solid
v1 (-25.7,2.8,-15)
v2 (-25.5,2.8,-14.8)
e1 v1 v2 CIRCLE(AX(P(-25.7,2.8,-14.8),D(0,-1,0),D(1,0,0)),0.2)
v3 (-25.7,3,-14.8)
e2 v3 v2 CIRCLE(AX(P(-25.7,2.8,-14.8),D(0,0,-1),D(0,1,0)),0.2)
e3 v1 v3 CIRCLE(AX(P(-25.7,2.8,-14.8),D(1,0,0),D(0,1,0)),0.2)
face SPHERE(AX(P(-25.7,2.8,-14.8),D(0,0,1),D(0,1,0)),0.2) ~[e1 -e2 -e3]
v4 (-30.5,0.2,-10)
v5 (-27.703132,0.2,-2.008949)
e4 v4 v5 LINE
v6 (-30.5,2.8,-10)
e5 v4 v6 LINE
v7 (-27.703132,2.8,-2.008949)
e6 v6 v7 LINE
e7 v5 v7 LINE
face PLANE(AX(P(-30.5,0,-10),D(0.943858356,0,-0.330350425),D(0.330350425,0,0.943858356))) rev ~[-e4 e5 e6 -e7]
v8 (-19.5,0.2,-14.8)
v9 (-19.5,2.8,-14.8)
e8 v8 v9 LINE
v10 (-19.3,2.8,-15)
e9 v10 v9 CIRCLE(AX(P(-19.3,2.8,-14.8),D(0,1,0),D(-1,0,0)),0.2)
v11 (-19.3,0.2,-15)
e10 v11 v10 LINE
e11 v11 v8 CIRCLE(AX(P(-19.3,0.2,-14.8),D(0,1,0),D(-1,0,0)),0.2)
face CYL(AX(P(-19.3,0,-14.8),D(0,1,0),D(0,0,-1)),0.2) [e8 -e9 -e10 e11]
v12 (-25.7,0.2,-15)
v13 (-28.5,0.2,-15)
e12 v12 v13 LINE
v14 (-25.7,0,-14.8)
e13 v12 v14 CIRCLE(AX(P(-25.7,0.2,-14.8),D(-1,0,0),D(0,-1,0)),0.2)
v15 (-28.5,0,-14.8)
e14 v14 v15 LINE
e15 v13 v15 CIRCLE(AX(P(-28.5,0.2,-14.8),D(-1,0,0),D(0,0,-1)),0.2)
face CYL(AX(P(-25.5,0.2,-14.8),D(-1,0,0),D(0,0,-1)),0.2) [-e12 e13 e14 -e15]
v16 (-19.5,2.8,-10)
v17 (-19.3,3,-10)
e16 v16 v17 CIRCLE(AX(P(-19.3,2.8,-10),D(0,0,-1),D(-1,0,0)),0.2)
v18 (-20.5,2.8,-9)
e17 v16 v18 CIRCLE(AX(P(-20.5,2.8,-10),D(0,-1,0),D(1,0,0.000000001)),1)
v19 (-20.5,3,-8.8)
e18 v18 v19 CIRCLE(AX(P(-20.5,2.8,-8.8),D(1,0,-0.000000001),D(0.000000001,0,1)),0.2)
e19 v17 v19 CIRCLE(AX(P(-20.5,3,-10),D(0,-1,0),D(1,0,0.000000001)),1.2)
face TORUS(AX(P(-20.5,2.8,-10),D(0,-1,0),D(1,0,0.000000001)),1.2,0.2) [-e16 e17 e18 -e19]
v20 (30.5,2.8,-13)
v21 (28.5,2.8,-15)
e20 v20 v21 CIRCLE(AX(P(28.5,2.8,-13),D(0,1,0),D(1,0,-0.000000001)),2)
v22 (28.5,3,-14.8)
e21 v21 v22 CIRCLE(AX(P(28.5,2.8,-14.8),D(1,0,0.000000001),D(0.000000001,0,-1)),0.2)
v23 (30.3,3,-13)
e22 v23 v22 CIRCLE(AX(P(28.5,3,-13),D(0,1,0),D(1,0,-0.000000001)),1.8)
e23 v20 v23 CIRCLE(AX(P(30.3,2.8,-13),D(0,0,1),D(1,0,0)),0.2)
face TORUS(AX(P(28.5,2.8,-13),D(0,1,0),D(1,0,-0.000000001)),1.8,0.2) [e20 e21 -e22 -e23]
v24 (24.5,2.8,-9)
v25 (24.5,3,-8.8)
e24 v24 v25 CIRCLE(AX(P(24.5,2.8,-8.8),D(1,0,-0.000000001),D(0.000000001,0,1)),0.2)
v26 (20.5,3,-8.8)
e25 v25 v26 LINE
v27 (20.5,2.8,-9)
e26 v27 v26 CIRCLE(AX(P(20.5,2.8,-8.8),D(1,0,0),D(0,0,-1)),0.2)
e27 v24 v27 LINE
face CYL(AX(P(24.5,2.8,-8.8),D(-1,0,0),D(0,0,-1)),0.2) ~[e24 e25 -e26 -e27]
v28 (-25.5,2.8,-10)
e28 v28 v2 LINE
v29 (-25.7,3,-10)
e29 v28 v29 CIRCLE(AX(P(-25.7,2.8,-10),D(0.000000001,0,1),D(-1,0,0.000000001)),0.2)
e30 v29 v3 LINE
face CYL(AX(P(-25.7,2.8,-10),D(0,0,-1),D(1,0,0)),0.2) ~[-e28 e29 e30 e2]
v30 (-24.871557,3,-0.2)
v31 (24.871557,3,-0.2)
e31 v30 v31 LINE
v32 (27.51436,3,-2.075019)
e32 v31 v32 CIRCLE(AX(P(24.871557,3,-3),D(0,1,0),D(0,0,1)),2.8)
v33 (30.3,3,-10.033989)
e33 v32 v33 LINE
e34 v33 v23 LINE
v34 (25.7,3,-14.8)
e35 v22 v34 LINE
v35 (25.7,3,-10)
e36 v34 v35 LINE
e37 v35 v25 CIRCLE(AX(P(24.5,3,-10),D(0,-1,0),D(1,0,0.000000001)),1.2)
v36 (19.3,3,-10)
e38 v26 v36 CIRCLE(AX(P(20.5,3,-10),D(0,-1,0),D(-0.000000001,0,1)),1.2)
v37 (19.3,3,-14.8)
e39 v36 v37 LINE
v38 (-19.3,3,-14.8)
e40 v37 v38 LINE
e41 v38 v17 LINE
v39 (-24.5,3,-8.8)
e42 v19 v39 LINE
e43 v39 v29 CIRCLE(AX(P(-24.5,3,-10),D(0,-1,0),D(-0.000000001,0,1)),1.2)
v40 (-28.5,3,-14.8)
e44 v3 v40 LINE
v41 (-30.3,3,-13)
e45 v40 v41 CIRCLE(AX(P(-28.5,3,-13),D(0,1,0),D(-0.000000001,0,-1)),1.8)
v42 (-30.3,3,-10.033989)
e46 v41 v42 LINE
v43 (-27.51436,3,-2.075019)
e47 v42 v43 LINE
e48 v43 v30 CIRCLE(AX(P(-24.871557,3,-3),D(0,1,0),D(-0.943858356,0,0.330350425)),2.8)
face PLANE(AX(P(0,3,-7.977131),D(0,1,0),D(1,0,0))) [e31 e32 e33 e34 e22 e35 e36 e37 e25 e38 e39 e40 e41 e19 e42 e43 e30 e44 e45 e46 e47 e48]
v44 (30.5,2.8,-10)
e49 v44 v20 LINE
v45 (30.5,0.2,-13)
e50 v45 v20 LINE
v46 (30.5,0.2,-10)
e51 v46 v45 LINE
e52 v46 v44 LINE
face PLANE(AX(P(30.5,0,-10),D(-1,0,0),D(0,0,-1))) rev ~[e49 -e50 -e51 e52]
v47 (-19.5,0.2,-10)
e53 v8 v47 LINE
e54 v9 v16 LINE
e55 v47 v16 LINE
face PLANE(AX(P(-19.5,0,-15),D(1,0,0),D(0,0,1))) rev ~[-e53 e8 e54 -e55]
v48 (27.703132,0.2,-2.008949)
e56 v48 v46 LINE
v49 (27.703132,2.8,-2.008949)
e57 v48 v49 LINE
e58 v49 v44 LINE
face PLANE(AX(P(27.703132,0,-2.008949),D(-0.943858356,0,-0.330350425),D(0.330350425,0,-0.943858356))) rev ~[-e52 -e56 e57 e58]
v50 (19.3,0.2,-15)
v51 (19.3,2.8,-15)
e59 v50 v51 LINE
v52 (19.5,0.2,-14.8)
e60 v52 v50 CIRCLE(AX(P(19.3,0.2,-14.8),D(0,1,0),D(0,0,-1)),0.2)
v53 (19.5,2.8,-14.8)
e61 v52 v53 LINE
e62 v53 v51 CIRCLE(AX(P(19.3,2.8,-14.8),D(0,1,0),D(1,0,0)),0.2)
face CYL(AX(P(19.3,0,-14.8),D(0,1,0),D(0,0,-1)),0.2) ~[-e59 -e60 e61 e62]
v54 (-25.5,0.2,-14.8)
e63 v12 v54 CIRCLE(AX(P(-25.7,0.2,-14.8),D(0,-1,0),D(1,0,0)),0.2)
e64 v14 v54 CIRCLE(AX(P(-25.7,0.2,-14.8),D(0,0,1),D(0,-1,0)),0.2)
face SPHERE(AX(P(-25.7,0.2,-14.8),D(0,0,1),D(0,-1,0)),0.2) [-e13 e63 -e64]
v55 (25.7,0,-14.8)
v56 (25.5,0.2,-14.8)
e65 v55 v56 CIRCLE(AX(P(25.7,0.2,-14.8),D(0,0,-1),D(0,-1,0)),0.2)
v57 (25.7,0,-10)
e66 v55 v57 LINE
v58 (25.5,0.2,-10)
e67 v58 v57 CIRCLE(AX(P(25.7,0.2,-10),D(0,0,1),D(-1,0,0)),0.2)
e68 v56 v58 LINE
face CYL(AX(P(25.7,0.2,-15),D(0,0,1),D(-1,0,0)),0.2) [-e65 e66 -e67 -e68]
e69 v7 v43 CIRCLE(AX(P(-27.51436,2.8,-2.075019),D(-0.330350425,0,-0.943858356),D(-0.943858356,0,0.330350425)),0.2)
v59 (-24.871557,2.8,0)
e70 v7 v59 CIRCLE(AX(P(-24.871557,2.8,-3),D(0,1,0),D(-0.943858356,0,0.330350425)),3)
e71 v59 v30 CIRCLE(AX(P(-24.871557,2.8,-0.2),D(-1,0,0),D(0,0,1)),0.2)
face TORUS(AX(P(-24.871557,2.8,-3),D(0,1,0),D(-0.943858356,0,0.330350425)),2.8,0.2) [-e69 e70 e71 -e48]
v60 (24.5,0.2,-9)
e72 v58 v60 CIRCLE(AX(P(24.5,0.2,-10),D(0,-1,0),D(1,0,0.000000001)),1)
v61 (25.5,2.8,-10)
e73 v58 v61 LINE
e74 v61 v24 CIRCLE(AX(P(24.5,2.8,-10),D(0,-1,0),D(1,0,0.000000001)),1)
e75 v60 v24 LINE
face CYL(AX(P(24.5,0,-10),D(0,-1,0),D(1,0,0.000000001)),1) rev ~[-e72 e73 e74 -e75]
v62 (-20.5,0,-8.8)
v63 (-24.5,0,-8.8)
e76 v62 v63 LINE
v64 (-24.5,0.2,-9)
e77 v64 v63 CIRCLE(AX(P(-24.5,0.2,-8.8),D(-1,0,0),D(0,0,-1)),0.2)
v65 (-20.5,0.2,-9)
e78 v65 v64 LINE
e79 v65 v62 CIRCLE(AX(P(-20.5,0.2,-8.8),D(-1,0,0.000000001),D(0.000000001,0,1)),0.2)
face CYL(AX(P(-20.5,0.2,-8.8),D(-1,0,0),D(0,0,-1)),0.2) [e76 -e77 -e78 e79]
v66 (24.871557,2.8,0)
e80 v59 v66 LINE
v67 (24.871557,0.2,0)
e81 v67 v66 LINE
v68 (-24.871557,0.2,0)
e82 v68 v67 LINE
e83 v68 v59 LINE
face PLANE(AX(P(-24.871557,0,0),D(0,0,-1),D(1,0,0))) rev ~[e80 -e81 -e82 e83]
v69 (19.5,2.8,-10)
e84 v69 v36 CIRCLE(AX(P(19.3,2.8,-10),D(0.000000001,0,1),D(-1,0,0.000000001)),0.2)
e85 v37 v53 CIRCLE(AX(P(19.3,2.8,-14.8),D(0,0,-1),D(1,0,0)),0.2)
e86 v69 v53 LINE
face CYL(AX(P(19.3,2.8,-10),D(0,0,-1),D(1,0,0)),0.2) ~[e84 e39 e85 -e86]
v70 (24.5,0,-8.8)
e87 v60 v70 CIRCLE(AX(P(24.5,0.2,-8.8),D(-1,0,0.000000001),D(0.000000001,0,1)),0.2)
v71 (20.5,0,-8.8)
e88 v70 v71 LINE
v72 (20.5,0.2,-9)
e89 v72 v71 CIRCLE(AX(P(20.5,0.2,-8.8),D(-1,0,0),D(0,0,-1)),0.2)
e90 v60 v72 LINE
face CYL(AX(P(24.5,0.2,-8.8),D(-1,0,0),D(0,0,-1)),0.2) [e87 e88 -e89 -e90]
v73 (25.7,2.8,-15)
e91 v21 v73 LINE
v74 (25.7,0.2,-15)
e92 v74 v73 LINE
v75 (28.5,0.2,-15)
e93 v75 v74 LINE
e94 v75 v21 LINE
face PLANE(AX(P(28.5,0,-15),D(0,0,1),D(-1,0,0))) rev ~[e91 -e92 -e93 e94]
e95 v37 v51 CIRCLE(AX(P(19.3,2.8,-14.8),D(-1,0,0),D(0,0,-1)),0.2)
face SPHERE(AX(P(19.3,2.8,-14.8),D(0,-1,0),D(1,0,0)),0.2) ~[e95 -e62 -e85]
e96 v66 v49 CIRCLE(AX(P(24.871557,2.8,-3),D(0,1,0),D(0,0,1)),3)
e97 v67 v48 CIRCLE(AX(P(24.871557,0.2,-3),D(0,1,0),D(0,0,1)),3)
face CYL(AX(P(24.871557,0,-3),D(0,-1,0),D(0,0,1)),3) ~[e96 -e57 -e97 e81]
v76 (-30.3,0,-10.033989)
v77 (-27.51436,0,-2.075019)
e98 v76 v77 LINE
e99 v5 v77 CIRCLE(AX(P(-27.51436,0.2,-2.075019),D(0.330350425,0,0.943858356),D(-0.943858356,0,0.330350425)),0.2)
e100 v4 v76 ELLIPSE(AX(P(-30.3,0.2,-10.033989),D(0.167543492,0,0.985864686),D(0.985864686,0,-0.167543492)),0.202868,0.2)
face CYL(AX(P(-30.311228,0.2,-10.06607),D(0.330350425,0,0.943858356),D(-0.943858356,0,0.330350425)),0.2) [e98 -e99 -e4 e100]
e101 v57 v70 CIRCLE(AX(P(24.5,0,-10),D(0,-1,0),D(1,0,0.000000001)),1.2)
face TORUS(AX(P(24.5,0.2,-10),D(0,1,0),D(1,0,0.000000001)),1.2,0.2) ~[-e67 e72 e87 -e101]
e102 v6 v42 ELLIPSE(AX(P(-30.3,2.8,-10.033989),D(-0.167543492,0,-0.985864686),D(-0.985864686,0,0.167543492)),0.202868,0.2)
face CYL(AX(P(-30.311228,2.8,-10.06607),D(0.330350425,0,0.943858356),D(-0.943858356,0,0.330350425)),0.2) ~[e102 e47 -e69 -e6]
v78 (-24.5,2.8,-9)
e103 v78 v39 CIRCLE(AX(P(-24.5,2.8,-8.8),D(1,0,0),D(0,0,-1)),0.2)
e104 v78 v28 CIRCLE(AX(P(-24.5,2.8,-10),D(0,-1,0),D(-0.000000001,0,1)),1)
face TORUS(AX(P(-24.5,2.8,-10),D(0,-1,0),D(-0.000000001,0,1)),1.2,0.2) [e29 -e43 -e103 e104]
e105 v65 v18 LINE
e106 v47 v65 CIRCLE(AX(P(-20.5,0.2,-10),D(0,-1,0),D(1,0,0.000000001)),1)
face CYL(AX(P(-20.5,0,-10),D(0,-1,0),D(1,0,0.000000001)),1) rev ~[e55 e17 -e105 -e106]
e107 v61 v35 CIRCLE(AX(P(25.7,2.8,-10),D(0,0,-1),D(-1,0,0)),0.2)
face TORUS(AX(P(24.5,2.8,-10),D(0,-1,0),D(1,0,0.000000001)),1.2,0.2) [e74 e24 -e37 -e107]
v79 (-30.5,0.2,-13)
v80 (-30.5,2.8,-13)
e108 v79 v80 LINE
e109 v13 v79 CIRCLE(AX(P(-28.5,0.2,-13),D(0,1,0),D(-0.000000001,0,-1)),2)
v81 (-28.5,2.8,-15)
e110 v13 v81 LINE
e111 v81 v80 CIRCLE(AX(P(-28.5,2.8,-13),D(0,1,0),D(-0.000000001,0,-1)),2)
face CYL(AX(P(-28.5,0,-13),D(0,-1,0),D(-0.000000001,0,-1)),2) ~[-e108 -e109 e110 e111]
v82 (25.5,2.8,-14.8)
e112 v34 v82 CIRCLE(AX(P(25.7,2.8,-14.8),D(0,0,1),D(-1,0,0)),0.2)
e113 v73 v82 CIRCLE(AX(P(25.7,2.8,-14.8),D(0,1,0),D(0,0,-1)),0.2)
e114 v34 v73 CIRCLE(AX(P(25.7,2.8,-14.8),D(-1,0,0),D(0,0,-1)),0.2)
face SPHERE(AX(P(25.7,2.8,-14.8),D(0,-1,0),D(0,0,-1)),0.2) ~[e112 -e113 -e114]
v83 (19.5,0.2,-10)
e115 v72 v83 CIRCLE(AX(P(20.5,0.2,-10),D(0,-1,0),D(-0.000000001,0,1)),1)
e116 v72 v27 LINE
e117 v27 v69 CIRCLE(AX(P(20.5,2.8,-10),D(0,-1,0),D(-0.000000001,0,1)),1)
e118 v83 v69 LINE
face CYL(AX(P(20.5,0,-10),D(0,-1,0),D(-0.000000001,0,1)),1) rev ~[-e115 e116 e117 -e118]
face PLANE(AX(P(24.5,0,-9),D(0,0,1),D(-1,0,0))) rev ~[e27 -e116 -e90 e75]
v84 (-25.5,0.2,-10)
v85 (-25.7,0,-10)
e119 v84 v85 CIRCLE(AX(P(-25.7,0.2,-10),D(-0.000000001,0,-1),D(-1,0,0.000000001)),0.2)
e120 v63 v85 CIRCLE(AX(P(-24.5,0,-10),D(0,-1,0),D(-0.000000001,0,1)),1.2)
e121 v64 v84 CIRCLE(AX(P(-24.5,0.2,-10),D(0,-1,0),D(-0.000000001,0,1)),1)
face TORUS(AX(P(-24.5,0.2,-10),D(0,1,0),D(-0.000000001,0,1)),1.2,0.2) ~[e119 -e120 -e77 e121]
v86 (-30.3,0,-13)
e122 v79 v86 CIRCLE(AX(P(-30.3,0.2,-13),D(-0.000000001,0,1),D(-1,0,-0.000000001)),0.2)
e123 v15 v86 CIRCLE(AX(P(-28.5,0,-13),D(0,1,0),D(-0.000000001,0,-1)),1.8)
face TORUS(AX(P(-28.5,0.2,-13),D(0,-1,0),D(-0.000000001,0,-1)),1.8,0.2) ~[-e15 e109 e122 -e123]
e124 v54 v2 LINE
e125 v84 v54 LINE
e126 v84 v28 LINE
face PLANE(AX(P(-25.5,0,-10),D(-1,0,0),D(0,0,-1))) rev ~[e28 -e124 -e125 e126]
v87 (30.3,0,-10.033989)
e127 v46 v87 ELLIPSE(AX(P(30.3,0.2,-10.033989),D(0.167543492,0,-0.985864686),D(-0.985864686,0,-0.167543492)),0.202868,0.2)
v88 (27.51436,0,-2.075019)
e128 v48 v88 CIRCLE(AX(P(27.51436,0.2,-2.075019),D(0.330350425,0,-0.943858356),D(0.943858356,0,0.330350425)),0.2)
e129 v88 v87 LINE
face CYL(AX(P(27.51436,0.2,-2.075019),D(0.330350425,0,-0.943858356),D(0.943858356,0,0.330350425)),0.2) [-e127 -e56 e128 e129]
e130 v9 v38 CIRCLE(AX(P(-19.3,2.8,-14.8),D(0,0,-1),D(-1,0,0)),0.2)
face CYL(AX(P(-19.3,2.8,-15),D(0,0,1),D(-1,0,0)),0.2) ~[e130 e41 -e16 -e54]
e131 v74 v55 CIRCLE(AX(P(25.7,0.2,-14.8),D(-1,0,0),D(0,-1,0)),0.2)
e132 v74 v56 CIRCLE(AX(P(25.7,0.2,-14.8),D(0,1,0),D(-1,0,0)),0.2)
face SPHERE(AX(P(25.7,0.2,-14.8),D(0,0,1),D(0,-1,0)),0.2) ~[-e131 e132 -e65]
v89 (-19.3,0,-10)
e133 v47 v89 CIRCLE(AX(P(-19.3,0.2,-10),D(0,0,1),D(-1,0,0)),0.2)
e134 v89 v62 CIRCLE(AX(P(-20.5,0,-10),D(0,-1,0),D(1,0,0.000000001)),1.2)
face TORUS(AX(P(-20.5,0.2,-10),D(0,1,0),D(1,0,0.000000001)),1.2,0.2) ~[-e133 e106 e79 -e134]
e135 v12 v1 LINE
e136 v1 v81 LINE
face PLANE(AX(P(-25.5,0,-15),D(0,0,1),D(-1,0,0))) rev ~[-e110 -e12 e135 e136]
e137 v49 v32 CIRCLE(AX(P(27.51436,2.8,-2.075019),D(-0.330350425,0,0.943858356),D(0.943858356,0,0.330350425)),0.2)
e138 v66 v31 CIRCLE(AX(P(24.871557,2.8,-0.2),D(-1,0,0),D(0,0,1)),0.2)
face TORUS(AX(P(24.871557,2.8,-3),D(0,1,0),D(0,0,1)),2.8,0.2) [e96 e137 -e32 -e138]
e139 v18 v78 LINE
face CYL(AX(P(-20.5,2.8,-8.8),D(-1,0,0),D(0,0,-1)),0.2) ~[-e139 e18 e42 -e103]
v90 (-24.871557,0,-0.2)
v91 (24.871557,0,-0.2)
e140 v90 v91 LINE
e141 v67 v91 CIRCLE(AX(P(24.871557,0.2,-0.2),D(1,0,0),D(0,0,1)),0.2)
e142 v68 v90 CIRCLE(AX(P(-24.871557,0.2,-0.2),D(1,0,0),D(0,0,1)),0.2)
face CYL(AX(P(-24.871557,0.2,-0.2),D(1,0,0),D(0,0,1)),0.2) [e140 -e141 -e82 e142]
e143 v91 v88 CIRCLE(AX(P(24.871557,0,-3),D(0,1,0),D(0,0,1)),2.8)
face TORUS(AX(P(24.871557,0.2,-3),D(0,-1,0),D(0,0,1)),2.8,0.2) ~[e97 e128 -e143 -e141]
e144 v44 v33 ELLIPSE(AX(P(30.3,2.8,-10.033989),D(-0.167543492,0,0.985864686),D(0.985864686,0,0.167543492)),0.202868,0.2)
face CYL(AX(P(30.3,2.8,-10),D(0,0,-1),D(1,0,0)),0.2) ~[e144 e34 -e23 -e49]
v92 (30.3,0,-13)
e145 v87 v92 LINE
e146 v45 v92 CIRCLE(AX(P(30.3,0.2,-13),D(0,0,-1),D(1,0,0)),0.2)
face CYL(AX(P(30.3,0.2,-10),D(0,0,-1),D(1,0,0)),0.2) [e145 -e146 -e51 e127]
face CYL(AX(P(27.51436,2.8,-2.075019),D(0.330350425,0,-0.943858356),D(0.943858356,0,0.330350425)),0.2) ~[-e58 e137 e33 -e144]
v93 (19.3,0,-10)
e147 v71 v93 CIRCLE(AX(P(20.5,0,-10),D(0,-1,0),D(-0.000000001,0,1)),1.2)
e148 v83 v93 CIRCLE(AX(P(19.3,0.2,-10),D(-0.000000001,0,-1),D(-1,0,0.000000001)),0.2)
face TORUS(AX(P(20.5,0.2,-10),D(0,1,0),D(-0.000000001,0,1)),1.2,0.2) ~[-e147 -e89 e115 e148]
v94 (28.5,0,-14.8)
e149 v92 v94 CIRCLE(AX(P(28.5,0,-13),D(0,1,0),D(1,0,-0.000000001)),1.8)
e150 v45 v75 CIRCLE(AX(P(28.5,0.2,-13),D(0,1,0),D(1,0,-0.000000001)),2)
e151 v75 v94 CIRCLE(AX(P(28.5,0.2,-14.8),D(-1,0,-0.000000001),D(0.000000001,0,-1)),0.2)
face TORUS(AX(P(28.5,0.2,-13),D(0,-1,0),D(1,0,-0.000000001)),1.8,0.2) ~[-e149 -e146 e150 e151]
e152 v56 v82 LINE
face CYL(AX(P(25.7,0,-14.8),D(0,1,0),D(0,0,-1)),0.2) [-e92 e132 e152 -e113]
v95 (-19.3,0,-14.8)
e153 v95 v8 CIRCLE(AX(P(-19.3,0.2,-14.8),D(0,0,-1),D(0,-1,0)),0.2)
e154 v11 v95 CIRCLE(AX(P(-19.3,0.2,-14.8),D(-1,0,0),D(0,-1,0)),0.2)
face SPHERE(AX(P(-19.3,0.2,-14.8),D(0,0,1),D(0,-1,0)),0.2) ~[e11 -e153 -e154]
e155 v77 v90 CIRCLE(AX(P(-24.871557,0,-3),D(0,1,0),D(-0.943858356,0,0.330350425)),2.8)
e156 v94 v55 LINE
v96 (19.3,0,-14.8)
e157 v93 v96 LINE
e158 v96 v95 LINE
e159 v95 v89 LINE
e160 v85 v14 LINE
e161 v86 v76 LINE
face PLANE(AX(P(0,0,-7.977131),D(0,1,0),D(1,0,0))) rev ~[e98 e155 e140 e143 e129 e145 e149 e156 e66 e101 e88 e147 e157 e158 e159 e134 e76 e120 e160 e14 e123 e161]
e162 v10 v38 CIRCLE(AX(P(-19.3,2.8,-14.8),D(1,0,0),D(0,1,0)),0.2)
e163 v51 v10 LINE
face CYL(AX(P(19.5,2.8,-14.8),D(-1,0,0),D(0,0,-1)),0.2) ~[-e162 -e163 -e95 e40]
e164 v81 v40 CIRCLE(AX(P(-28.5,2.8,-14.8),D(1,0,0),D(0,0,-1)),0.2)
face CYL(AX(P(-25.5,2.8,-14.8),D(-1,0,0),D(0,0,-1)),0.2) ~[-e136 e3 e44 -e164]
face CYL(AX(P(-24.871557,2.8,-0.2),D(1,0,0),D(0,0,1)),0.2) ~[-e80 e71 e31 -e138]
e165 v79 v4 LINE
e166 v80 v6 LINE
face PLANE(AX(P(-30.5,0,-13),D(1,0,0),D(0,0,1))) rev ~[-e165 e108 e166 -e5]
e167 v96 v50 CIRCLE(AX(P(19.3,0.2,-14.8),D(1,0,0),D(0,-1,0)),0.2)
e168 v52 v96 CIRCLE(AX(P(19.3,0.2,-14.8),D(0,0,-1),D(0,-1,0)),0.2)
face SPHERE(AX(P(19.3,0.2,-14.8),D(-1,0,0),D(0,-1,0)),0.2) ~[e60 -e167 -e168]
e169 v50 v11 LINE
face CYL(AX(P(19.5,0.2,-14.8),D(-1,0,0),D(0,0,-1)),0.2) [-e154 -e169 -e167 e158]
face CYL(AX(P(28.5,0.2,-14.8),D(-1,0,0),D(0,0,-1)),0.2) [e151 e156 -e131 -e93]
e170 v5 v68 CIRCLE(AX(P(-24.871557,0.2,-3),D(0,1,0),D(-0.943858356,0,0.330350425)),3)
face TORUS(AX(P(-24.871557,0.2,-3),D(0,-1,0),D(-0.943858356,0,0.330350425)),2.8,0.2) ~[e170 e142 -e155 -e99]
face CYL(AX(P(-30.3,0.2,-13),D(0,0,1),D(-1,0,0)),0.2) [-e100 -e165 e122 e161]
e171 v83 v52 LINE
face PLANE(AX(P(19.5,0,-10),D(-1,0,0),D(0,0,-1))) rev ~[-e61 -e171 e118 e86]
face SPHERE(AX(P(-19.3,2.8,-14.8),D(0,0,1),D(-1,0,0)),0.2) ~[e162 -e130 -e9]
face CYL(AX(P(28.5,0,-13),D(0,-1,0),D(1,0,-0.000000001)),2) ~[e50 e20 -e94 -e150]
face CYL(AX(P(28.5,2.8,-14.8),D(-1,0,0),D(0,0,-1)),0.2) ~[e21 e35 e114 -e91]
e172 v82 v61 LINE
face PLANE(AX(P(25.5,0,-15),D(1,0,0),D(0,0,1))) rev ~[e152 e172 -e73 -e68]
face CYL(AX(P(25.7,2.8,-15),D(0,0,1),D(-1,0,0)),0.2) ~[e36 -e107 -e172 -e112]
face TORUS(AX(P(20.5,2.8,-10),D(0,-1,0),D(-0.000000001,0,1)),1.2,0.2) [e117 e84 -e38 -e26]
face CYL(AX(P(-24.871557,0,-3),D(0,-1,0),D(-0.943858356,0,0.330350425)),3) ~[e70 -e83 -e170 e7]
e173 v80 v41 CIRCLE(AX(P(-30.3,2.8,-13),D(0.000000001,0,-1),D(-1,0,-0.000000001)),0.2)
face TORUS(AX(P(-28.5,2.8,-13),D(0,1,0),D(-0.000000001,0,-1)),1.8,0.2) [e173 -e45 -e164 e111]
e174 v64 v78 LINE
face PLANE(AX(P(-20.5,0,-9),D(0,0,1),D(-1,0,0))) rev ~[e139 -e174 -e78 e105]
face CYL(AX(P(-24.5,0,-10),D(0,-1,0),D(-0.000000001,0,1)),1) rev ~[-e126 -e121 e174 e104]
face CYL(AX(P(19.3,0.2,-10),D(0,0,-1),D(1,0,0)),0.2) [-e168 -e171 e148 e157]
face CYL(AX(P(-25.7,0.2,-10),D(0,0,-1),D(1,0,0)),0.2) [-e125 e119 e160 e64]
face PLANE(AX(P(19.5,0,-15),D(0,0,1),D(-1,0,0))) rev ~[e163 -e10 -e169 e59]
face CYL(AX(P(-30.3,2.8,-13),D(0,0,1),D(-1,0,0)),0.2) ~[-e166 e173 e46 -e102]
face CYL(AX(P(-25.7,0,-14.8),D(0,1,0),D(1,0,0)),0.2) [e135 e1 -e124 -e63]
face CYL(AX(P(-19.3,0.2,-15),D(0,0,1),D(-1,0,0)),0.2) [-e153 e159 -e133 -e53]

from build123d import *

# Parameters (mm, degrees)
BOSS_EXTRUDE1_DEPTH = 3
FILLET1_R           = 0.2


with BuildPart() as part:
    # Sketch1 → Boss-Extrude1 (new body)
    with BuildSketch(Plane(origin=(0, 0, 0), x_dir=(1, 0, 0), z_dir=(0, 1, 0))):
        with BuildLine():
            Line((19.5, 15), (-19.5, 15))
            Line((-19.5, 15), (-19.5, 10))
            ThreePointArc((-19.5, 10), (-19.792893219, 9.292893219), (-20.5, 9))
            Line((-20.5, 9), (-24.5, 9))
            ThreePointArc((-24.5, 9), (-25.207106781, 9.292893219), (-25.5, 10))
            Line((-25.5, 10), (-25.5, 15))
            Line((-25.5, 15), (-28.5, 15))
            ThreePointArc((-28.5, 15), (-29.914213562, 14.414213562), (-30.5, 13))
            Line((-30.5, 13), (-30.5, 10))
            Line((-30.5, 10), (-27.703132054, 2.008948726))
            ThreePointArc((-27.703132054, 2.008948726), (-26.60747838, 0.553251768), (-24.871556985, 0))
            Line((-24.871556985, 0), (24.871556985, 0))
            ThreePointArc((24.871556985, 0), (26.60747838, 0.553251768), (27.703132054, 2.008948726))
            Line((27.703132054, 2.008948726), (30.5, 10))
            Line((30.5, 10), (30.5, 13))
            ThreePointArc((30.5, 13), (29.914213562, 14.414213562), (28.5, 15))
            Line((28.5, 15), (25.5, 15))
            Line((25.5, 15), (25.5, 10))
            ThreePointArc((25.5, 10), (25.207106781, 9.292893219), (24.5, 9))
            Line((24.5, 9), (20.5, 9))
            ThreePointArc((20.5, 9), (19.792893219, 9.292893219), (19.5, 10))
            Line((19.5, 10), (19.5, 15))
        make_face()
    extrude(amount=BOSS_EXTRUDE1_DEPTH)

    # Fillet1
    fillet1_edges = [part.edges().sort_by_distance(p)[0] for p in [
        (-25.207106781, 3, -9.292893219),
        (-25.5, 3, -12.5),
        (-27, 3, -15),
        (-19.5, 0, -12.5),
        (-29.914213562, 3, -14.414213562),
        (0, 0, -15),
        (19.5, 0, -12.5),
        (19.792893219, 0, -9.292893219),
        (22.5, 0, -9),
        (25.207106781, 0, -9.292893219),
        (25.5, 0, -12.5),
        (27, 0, -15),
        (-30.5, 3, -11.5),
        (29.914213562, 0, -14.414213562),
        (30.5, 0, -11.5),
        (29.101566027, 0, -6.004474363),
        (26.60747838, 0, -0.553251768),
        (0, 0, 0),
        (-26.60747838, 0, -0.553251768),
        (-29.101566027, 0, -6.004474363),
        (-30.5, 0, -11.5),
        (-29.101566027, 3, -6.004474363),
        (-29.914213562, 0, -14.414213562),
        (-27, 0, -15),
        (-25.5, 0, -12.5),
        (-25.207106781, 0, -9.292893219),
        (-22.5, 0, -9),
        (-19.792893219, 0, -9.292893219),
        (-26.60747838, 3, -0.553251768),
        (0, 3, 0),
        (26.60747838, 3, -0.553251768),
        (-19.5, 1.5, -15),
        (19.5, 1.5, -15),
        (25.5, 1.5, -15),
        (-25.5, 1.5, -15),
        (29.101566027, 3, -6.004474363),
        (-19.792893219, 3, -9.292893219),
        (30.5, 3, -11.5),
        (29.914213562, 3, -14.414213562),
        (27, 3, -15),
        (25.5, 3, -12.5),
        (25.207106781, 3, -9.292893219),
        (22.5, 3, -9),
        (19.792893219, 3, -9.292893219),
        (19.5, 3, -12.5),
        (0, 3, -15),
        (-19.5, 3, -12.5),
        (-22.5, 3, -9),
    ]]
    fillet(fillet1_edges, radius=FILLET1_R)


solid = part.part
